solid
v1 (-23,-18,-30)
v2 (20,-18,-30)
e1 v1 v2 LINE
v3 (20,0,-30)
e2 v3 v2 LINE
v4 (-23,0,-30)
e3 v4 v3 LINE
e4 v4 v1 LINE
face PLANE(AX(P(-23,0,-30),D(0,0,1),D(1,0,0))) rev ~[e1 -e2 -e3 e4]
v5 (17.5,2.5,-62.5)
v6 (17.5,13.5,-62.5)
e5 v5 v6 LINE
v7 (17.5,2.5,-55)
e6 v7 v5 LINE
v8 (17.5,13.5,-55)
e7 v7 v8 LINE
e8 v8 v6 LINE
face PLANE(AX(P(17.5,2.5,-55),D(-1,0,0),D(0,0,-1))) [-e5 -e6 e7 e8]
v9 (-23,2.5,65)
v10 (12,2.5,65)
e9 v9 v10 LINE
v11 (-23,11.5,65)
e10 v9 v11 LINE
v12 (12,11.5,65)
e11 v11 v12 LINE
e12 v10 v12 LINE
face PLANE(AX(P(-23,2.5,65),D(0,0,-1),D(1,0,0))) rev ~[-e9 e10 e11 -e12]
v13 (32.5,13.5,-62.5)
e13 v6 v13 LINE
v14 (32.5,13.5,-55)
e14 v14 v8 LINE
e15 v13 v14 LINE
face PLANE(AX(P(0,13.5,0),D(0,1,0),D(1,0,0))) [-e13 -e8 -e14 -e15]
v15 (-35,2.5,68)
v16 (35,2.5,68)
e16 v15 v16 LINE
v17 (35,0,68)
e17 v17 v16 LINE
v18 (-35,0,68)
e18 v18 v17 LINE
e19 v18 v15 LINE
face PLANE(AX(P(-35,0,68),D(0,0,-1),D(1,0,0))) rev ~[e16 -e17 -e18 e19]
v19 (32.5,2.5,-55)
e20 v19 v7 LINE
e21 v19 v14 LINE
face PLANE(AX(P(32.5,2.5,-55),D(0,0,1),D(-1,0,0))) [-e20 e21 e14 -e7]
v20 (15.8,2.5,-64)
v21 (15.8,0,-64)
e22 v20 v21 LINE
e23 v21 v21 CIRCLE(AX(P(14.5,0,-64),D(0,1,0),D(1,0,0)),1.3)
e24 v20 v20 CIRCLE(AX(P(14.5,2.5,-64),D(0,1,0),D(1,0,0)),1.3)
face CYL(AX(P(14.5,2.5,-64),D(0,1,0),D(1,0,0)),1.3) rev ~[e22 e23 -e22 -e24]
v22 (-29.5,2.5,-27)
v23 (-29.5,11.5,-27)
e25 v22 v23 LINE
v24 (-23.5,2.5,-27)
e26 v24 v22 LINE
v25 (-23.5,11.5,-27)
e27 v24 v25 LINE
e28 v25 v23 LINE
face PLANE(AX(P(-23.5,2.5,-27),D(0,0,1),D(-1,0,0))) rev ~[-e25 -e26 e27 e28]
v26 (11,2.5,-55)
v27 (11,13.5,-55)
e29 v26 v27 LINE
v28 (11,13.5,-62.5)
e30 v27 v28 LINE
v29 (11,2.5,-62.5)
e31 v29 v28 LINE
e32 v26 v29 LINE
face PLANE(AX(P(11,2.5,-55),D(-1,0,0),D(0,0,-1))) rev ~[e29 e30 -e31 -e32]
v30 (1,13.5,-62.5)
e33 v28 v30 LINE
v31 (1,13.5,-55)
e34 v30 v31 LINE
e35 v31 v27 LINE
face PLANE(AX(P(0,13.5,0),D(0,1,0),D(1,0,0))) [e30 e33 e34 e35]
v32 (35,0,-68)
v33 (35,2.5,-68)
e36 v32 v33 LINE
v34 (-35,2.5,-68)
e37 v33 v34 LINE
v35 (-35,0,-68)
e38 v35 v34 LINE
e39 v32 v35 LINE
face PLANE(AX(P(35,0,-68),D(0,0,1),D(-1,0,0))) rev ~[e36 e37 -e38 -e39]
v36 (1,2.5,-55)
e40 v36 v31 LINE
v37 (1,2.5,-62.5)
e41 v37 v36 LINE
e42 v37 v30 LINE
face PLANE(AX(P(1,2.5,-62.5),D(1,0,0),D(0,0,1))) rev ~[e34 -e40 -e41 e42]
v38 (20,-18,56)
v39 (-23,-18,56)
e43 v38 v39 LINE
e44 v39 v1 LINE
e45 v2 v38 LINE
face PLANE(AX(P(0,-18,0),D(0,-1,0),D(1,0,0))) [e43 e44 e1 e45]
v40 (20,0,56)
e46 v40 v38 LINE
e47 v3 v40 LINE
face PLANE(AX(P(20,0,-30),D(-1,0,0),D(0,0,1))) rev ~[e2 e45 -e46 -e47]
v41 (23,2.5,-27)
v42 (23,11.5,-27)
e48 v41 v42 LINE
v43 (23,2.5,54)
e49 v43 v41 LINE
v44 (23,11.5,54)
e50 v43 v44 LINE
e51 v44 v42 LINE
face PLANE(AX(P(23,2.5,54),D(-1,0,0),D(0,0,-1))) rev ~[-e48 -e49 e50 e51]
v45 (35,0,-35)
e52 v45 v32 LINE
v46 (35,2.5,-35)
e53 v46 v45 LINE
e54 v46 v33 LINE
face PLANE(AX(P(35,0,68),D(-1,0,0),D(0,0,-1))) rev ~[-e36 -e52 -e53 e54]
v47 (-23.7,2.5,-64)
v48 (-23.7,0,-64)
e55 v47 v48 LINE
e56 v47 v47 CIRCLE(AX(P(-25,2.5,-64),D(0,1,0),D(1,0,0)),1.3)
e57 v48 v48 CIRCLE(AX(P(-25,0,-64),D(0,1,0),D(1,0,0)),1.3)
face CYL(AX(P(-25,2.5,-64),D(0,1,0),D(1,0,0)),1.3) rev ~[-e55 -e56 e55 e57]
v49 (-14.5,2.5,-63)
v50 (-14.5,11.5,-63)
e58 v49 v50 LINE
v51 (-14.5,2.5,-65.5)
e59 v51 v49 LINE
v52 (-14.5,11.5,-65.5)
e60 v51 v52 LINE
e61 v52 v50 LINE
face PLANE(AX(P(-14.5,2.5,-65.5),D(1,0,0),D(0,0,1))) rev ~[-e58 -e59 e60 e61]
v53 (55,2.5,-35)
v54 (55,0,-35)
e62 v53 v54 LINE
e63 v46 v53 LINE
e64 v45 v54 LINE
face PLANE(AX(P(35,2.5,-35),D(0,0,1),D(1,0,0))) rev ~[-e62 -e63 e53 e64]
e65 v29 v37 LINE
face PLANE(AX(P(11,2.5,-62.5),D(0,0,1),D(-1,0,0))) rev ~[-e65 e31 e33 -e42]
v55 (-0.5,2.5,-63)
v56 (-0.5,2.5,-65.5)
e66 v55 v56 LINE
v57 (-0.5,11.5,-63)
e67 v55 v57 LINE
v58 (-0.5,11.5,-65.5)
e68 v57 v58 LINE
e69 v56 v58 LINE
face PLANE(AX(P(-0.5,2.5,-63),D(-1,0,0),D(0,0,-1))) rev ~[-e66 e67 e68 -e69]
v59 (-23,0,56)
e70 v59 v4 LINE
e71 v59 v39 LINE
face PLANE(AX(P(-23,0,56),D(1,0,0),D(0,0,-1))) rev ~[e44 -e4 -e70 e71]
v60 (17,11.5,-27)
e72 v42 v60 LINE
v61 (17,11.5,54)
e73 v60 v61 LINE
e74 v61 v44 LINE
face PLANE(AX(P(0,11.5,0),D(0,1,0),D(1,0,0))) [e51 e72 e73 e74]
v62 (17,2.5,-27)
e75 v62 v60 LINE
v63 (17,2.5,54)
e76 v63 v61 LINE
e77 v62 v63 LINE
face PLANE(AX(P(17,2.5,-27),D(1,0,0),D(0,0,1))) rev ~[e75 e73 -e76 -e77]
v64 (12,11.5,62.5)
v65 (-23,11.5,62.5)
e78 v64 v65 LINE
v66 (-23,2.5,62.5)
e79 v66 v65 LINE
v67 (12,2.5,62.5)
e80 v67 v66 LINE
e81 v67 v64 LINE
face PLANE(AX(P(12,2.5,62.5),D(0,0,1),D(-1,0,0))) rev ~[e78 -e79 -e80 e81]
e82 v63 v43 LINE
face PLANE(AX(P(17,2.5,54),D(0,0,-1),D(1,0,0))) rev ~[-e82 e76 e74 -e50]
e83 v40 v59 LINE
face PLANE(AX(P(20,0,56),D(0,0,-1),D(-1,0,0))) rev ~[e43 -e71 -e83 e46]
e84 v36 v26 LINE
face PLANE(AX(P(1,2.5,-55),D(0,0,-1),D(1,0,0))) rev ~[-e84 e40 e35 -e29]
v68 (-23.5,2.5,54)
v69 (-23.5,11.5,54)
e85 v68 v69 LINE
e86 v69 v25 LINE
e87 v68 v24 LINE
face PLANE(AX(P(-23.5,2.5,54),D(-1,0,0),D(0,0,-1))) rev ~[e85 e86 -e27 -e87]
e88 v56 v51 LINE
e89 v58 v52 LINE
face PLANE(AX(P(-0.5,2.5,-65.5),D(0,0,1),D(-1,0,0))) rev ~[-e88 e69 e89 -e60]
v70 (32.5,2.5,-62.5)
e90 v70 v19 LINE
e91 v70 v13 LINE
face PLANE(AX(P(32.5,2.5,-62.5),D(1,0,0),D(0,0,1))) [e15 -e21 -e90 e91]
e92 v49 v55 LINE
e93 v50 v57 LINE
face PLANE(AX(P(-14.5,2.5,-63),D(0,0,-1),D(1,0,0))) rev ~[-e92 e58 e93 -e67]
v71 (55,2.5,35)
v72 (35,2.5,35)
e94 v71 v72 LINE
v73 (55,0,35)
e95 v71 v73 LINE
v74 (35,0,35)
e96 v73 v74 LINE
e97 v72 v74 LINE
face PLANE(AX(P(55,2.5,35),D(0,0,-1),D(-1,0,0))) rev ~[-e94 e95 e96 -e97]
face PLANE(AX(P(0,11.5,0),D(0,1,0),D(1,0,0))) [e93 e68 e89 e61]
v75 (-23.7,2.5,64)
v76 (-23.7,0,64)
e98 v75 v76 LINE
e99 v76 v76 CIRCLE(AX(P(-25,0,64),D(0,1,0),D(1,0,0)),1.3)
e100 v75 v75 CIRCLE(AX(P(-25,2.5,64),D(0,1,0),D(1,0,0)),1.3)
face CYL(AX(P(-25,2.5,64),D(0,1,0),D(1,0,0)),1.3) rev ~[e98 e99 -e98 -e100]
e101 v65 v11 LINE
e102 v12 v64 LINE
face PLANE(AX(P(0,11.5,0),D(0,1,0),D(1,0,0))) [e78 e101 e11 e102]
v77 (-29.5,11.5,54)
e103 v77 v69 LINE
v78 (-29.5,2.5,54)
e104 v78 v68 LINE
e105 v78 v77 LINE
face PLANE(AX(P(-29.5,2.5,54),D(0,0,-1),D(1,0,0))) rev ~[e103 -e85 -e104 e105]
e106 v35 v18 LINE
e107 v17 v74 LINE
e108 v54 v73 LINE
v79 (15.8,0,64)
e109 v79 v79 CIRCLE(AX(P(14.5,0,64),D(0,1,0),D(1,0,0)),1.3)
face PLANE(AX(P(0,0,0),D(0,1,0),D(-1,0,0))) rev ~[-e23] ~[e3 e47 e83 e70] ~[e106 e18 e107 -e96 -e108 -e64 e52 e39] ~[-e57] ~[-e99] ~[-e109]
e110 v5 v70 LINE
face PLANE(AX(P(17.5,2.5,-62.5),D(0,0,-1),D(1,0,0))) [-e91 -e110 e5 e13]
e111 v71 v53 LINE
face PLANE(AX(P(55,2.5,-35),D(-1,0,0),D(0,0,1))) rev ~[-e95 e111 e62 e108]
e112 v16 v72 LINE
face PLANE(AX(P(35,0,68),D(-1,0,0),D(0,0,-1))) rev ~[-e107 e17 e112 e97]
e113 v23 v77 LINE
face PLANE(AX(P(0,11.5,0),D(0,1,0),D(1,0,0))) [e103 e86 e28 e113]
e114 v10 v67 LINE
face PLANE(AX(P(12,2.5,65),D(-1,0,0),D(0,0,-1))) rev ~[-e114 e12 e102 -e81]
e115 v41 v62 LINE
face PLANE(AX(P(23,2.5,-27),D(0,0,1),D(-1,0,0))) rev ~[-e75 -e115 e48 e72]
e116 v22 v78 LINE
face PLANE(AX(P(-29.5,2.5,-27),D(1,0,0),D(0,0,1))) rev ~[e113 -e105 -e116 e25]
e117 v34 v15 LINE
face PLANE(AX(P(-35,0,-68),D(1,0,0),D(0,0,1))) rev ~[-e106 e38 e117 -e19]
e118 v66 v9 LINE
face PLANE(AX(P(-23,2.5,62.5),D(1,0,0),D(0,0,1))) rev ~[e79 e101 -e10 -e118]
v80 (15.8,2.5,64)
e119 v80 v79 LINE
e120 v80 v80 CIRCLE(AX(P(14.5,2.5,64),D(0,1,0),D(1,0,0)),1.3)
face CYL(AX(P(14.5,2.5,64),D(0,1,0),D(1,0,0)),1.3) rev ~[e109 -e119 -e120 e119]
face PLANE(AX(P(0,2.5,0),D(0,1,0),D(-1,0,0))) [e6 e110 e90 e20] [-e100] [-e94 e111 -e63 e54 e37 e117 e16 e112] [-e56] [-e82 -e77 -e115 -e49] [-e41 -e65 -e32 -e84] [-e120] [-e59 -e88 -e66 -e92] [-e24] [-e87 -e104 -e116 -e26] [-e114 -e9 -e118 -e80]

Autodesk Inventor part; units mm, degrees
ref_plane "YZ Plane" through (0, 0, 0) normal (1, 0, 0) x (0, 1, 0)
ref_plane "XZ Plane" through (0, 0, 0) normal (0, 1, 0) x (-1, 0, 0)
ref_plane "XY Plane" through (0, 0, 0) normal (0, 0, 1) x (1, 0, 0)
sketch "Szkic1" plane through (0, 0, 0) normal (0, 1, 0) x (-1, 0, 0)
  line L0 (-35, -68) -> (35, -68)
  line L1 (35, -68) -> (35, 68)
  line L2 (35, 68) -> (-35, 68)
  line L3 (-35, 68) -> (-35, -68)
  line L4 (-35, -68) -> (35, 68) construction
  line L5 (35, -68) -> (-35, 68) construction
  point P0 (0, 0)
  dimension "d0" = 70
  dimension "d1" = 136
extrude "Wyciągnięcie proste1" add sketch "Szkic1" along normal blind 2.5
sketch "Szkic2" plane through (0, 2.5, 0) normal (0, 1, 0) x (1, 0, 0)
  line L0 (-52.8, 0) -> (71.8, 0) projected
  line L1 (35, -68) -> (35, 68) projected
  line L2 (55, -35) -> (35, -35)
  line L3 (35, -35) -> (35, 35)
  line L4 (35, 35) -> (55, 35)
  line L5 (55, 35) -> (55, -35)
  line L6 (55, -35) -> (35, 35) construction
  line L7 (35, -35) -> (55, 35) construction
  point P0 (0, 0)
  point P1 (45, 0)
  dimension "d4" = 20
  dimension "d5" = 70
extrude "Wyciągnięcie proste2" add sketch "Szkic2" against normal up to surface (2.5 mm away)
sketch "Szkic3" plane through (0, 2.5, 0) normal (0, 1, 0) x (1, 0, 0)
  circle A0 centre (-25, 64) radius 1.3
  line L0 (35, 68) -> (-35, 68) projected
  line L1 (-35, -68) -> (35, -68) projected
  line L2 (-35, 68) -> (-35, -68) projected
  circle A1 centre (14.5, 64) radius 1.3
  circle A2 centre (-25, -64) radius 1.3
  circle A3 centre (14.5, -64) radius 1.3
  point P0 (0, 0)
  dimension "d8" = 2.6
  dimension "d9" = 4
  dimension "d10" = 136
  dimension "d13" = 39.5
  dimension "d16" = 128
  dimension "d19" = 10
extrude "Wyciągnięcie proste3" cut sketch "Szkic3" against normal up to next
sketch "Szkic4" plane through (0, 2.5, 0) normal (0, 1, 0) x (1, 0, 0)
  line L0 (-23, -65) -> (12, -65)
  line L1 (12, -65) -> (12, -62.5)
  line L2 (12, -62.5) -> (-23, -62.5)
  line L3 (-23, -62.5) -> (-23, -65)
  line L4 (-23, -65) -> (12, -62.5) construction
  line L5 (12, -65) -> (-23, -62.5) construction
  line L6 (-35, -68) -> (35, -68) projected
  line L7 (-35, 68) -> (-35, -68) projected
  point P0 (0, 0)
  point P1 (-5.5, -63.75)
  dimension "d22" = 35
  dimension "d23" = 2.5
  dimension "d24" = 3
  dimension "d25" = 12
extrude "Wyciągnięcie proste4" add sketch "Szkic4" along normal blind 9
sketch "Szkic5" plane through (0, 2.5, 0) normal (0, 1, 0) x (1, 0, 0)
  line L0 (-29.5, -54) -> (-23.5, -54)
  line L1 (-23.5, -54) -> (-23.5, 27)
  line L2 (-23.5, 27) -> (-29.5, 27)
  line L3 (-29.5, 27) -> (-29.5, -54)
  line L4 (-29.5, -54) -> (-23.5, 27) construction
  line L5 (-23.5, -54) -> (-29.5, 27) construction
  line L6 (-35, -68) -> (35, -68) projected
  line L7 (-35, 68) -> (-35, -68) projected
  line L8 (17, -54) -> (23, -54)
  line L9 (23, -54) -> (23, 27)
  line L10 (23, 27) -> (17, 27)
  line L11 (17, 27) -> (17, -54)
  line L12 (17, -54) -> (23, 27) construction
  line L13 (23, -54) -> (17, 27) construction
  line L14 (35, -68) -> (35, -35) projected
  point P0 (0, 0)
  point P1 (-26.5, -13.5)
  point P2 (20, -13.5)
  dimension "d28" = 6
  dimension "d29" = 81
  dimension "d30" = 14
  dimension "d31" = 5.5
  dimension "d32" = 6
  dimension "d33" = 81
  dimension "d34" = 14
  dimension "d35" = 12
extrude "Wyciągnięcie proste5" add sketch "Szkic5" along normal blind 9
sketch "Szkic6" plane through (0, 2.5, 0) normal (0, 1, 0) x (1, 0, 0)
  line L0 (32.5, 55) -> (17.5, 55)
  line L1 (17.5, 55) -> (17.5, 62.5)
  line L2 (17.5, 62.5) -> (32.5, 62.5)
  line L3 (32.5, 62.5) -> (32.5, 55)
  line L4 (32.5, 55) -> (17.5, 62.5) construction
  line L5 (17.5, 55) -> (32.5, 62.5) construction
  line L6 (11, 62.5) -> (1, 62.5)
  line L7 (1, 62.5) -> (1, 55)
  line L8 (1, 55) -> (11, 55)
  line L9 (11, 55) -> (11, 62.5)
  line L10 (11, 62.5) -> (1, 55) construction
  line L11 (1, 62.5) -> (11, 55) construction
  line L12 (35, 35) -> (35, 68) projected
  line L13 (35, 68) -> (-35, 68) projected
  point P0 (0, 0)
  point P1 (25, 58.75)
  point P2 (6, 58.75)
  dimension "d38" = 15
  dimension "d39" = 7.5
  dimension "d40" = 10
  dimension "d41" = 7.5
  dimension "d42" = 6.5
  dimension "d43" = 2.5
  dimension "d44" = 5.5
  dimension "d45" = 5.5
extrude "Wyciągnięcie proste6" add sketch "Szkic6" along normal blind 11
sketch "Szkic7" plane through (0, 2.5, 0) normal (0, 1, 0) x (1, 0, 0)
  line L0 (-0.5, 65.5) -> (-14.5, 65.5)
  line L1 (-14.5, 65.5) -> (-14.5, 63)
  line L2 (-14.5, 63) -> (-0.5, 63)
  line L3 (-0.5, 63) -> (-0.5, 65.5)
  line L4 (-0.5, 65.5) -> (-14.5, 63) construction
  line L5 (-14.5, 65.5) -> (-0.5, 63) construction
  line L6 (35, 68) -> (-35, 68) projected
  line L7 (-35, 68) -> (-35, -68) projected
  point P0 (0, 0)
  point P1 (-7.5, 64.25)
  dimension "d48" = 14
  dimension "d49" = 2.5
  dimension "d50" = 2.5
  dimension "d51" = 20.5
extrude "Wyciągnięcie proste7" add sketch "Szkic7" along normal blind 9
sketch "Szkic8" plane through (0, 0, 0) normal (0, -1, 0) x (1, 0, 0)
  line L0 (20, 56) -> (-23, 56)
  line L1 (-23, 56) -> (-23, -30)
  line L2 (-23, -30) -> (20, -30)
  line L3 (20, -30) -> (20, 56)
  line L4 (20, 56) -> (-23, -30) construction
  line L5 (-23, 56) -> (20, -30) construction
  line L6 (-35, 68) -> (35, 68) projected
  line L7 (-35, -68) -> (-35, 68) projected
  point P0 (0, 0)
  point P1 (-1.5, 13)
  dimension "d54" = 43
  dimension "d55" = 86
  dimension "d56" = 12
  dimension "d57" = 12
extrude "Wyciągnięcie proste8" add sketch "Szkic8" along normal blind 18
equation "\"d16\" = d10 - 2 * d9"
equation "\"d45\" = d44"
properties part number "pcb"
